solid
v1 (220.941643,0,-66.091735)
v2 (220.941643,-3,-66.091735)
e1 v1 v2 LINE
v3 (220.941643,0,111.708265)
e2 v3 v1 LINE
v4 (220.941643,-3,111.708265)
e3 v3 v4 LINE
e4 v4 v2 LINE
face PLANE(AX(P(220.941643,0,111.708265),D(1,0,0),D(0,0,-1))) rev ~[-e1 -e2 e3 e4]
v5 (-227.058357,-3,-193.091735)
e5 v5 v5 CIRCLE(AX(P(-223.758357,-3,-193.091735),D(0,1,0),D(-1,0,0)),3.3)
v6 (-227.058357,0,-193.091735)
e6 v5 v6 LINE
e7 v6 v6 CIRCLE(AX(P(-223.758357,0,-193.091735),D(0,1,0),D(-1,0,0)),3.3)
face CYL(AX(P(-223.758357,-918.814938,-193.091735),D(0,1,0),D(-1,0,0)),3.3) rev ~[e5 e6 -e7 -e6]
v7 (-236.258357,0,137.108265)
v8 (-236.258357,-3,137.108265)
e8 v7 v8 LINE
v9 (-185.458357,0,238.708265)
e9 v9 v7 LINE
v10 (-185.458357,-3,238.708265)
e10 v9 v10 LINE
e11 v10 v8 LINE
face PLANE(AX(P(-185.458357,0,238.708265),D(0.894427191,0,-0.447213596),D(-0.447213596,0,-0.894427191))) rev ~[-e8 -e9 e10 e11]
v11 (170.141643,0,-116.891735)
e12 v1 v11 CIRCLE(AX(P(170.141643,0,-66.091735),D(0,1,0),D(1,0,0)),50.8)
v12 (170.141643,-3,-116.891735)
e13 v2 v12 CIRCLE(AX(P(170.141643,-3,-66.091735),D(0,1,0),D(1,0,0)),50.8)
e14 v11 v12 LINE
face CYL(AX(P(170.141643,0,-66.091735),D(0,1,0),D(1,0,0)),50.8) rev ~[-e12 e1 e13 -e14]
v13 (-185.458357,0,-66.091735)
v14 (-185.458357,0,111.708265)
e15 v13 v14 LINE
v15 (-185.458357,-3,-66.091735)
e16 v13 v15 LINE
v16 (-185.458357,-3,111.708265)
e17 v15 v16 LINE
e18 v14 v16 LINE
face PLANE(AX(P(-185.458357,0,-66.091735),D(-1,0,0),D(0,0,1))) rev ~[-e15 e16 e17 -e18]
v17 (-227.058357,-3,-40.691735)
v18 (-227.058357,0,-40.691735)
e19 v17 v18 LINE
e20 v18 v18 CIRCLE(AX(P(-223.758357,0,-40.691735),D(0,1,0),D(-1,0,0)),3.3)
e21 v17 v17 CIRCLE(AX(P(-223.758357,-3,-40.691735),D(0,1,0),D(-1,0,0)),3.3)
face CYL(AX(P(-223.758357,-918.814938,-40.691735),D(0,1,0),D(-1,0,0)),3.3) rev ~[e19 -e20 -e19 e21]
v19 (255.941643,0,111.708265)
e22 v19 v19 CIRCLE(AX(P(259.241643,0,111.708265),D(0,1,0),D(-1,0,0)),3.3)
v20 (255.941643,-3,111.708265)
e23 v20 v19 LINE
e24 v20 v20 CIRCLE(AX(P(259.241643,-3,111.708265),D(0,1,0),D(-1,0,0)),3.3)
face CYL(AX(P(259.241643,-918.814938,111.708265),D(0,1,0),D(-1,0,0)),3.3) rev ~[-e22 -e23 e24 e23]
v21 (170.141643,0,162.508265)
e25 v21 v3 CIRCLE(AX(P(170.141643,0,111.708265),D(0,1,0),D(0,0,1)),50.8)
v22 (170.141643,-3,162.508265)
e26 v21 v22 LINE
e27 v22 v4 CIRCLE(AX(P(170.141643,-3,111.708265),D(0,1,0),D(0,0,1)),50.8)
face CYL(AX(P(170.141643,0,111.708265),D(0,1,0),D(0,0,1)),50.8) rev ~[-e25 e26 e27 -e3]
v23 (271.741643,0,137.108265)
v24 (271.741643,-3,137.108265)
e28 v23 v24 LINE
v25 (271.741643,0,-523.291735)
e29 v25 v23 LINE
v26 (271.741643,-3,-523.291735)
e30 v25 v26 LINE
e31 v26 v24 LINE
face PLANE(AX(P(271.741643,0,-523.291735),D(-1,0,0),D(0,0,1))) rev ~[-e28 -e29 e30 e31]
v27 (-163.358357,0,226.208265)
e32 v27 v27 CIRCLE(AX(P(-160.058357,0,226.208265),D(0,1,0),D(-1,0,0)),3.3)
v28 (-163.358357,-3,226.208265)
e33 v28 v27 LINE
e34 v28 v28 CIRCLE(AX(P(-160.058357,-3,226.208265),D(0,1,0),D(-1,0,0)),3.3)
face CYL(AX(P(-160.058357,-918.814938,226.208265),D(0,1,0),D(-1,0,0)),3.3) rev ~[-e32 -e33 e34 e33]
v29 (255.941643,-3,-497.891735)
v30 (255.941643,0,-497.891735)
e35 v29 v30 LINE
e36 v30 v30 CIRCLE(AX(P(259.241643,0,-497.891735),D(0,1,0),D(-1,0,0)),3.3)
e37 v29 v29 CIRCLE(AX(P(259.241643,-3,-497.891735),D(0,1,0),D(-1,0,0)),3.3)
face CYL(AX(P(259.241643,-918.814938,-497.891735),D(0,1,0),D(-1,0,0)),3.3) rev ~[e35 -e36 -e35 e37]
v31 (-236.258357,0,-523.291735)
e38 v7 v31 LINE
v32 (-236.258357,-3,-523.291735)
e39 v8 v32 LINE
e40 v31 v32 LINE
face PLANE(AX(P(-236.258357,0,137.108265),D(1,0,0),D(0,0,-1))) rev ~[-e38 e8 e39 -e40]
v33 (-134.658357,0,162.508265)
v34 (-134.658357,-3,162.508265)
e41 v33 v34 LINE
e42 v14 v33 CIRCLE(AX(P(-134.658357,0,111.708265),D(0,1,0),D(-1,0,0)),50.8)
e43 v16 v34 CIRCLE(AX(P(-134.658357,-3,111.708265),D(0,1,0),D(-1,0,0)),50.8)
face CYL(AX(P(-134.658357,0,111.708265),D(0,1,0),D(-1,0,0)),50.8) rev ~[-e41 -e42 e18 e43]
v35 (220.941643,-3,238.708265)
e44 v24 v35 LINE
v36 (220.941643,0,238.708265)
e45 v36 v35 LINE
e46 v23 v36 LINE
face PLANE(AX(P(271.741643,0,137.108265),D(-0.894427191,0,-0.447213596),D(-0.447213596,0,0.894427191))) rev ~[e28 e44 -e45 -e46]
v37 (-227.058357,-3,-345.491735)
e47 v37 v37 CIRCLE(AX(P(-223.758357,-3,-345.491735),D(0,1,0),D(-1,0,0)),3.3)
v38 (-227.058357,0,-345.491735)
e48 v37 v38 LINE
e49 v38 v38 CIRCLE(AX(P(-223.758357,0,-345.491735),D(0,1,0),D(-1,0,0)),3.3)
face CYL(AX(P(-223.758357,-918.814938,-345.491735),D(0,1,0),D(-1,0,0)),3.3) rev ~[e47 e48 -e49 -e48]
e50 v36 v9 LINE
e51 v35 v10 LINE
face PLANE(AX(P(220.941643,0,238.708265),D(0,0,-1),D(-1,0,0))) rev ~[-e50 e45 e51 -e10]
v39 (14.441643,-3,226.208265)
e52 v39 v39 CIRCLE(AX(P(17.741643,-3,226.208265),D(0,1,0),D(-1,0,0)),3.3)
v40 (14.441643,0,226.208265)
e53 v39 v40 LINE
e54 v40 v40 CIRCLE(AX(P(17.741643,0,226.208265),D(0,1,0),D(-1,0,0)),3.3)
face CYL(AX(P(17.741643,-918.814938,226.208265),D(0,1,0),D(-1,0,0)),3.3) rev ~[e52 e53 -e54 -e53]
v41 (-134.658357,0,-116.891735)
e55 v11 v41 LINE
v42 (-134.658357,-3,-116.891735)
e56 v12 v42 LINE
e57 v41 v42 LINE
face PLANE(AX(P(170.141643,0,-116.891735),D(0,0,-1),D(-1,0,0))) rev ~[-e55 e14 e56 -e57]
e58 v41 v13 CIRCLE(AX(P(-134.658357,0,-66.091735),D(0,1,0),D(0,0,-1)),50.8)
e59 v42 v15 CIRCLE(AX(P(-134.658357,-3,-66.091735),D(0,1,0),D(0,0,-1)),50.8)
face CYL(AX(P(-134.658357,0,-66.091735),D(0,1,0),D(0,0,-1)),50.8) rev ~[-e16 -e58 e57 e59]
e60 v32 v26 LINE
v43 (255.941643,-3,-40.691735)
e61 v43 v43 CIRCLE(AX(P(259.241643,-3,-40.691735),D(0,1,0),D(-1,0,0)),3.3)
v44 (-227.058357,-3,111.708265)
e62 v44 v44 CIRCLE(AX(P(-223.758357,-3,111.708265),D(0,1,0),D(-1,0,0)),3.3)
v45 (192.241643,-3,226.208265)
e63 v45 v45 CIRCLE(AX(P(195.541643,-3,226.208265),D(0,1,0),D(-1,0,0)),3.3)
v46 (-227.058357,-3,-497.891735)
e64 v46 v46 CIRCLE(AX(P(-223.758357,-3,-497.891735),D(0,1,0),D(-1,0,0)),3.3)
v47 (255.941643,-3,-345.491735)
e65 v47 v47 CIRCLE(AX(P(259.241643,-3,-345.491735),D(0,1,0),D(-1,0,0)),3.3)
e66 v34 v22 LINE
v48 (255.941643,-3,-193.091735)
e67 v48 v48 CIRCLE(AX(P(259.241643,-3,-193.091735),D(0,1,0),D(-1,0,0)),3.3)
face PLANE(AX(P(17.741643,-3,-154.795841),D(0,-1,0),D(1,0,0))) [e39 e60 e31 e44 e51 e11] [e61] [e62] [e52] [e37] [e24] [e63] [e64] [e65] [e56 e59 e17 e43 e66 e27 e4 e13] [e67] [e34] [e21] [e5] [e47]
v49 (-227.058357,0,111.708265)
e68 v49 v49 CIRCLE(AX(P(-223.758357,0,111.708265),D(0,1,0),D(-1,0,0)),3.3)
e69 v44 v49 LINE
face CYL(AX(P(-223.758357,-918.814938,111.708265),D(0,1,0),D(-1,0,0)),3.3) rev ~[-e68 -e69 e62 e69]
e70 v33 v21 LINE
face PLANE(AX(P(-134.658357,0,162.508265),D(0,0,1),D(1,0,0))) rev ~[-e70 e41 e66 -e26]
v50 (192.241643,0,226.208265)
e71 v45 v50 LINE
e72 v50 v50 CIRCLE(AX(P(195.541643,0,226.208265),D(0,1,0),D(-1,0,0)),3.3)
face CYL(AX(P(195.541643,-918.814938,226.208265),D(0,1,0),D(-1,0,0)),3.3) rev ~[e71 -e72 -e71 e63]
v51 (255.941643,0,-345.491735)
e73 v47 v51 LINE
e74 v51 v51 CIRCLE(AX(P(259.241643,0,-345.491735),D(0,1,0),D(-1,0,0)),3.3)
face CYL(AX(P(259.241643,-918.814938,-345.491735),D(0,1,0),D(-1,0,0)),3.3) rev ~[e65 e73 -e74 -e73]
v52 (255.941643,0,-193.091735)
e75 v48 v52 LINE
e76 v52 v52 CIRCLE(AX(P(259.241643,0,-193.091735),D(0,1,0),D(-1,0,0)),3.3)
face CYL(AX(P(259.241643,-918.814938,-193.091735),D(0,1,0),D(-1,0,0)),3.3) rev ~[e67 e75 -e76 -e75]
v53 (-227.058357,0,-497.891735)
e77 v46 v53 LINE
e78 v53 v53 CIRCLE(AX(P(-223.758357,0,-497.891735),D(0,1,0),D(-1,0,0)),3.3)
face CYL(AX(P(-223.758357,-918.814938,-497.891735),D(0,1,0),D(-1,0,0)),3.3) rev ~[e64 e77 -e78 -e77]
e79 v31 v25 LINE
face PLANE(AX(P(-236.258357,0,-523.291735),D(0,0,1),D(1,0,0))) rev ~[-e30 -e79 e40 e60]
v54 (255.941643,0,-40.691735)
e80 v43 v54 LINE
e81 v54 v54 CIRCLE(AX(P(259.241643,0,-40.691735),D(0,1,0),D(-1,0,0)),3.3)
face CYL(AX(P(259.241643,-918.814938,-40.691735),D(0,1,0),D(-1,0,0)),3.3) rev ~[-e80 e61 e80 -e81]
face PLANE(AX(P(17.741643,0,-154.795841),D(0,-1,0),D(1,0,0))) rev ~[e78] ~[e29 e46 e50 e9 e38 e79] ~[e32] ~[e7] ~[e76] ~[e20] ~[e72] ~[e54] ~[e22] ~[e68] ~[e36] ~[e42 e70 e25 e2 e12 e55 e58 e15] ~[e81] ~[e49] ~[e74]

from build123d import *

# Parameters (mm, degrees)
F1_DEPTH = 3
F3_D     = 6.6


with BuildPart() as f1:
    # F0 (on Front) → F1 (new body)
    with BuildSketch(Plane.XZ):
        Polygon((-236.2583571076, 137.1082649553), (-236.2583571076, -523.2917350447), (271.7416428924, -523.2917350447), (271.7416428924, 137.1082649553), (220.9416428924, 238.7082649553), (-185.4583571076, 238.7082649553), align=None)
        with BuildLine():
            ThreePointArc((-185.4583571076, 111.7082649553), (-170.5793815919, 147.6292894396), (-134.6583571076, 162.5082649553))
            Line((-134.6583571076, 162.5082649553), (170.1416428924, 162.5082649553))
            ThreePointArc((170.1416428924, 162.5082649553), (206.0626673766, 147.6292894396), (220.9416428924, 111.7082649553))
            Line((220.9416428924, 111.7082649553), (220.9416428924, -66.0917350447))
            ThreePointArc((220.9416428924, -66.0917350447), (206.0626673766, -102.012759529), (170.1416428924, -116.8917350447))
            Line((170.1416428924, -116.8917350447), (-134.6583571076, -116.8917350447))
            ThreePointArc((-134.6583571076, -116.8917350447), (-170.5793815919, -102.012759529), (-185.4583571076, -66.0917350447))
            Line((-185.4583571076, -66.0917350447), (-185.4583571076, 111.7082649553))
        make_face(mode=Mode.SUBTRACT)
    extrude(amount=F1_DEPTH)

    # F3 (through all)
    with Locations(Plane.XZ.offset(3)):
        with Locations((-223.7583571076, -497.8917350447), (-223.7583571076, -345.4917350447), (-223.7583571076, -193.0917350447), (-223.7583571076, -40.6917350447), (-223.7583571076, 111.7082649553), (-160.0583571076, 226.2082649553), (17.7416428924, 226.2082649553), (195.5416428924, 226.2082649553), (259.2416428924, 111.7082649553), (259.2416428924, -40.6917350447), (259.2416428924, -193.0917350447), (259.2416428924, -345.4917350447), (259.2416428924, -497.8917350447)):
            Hole(F3_D / 2)


solid = f1.part
